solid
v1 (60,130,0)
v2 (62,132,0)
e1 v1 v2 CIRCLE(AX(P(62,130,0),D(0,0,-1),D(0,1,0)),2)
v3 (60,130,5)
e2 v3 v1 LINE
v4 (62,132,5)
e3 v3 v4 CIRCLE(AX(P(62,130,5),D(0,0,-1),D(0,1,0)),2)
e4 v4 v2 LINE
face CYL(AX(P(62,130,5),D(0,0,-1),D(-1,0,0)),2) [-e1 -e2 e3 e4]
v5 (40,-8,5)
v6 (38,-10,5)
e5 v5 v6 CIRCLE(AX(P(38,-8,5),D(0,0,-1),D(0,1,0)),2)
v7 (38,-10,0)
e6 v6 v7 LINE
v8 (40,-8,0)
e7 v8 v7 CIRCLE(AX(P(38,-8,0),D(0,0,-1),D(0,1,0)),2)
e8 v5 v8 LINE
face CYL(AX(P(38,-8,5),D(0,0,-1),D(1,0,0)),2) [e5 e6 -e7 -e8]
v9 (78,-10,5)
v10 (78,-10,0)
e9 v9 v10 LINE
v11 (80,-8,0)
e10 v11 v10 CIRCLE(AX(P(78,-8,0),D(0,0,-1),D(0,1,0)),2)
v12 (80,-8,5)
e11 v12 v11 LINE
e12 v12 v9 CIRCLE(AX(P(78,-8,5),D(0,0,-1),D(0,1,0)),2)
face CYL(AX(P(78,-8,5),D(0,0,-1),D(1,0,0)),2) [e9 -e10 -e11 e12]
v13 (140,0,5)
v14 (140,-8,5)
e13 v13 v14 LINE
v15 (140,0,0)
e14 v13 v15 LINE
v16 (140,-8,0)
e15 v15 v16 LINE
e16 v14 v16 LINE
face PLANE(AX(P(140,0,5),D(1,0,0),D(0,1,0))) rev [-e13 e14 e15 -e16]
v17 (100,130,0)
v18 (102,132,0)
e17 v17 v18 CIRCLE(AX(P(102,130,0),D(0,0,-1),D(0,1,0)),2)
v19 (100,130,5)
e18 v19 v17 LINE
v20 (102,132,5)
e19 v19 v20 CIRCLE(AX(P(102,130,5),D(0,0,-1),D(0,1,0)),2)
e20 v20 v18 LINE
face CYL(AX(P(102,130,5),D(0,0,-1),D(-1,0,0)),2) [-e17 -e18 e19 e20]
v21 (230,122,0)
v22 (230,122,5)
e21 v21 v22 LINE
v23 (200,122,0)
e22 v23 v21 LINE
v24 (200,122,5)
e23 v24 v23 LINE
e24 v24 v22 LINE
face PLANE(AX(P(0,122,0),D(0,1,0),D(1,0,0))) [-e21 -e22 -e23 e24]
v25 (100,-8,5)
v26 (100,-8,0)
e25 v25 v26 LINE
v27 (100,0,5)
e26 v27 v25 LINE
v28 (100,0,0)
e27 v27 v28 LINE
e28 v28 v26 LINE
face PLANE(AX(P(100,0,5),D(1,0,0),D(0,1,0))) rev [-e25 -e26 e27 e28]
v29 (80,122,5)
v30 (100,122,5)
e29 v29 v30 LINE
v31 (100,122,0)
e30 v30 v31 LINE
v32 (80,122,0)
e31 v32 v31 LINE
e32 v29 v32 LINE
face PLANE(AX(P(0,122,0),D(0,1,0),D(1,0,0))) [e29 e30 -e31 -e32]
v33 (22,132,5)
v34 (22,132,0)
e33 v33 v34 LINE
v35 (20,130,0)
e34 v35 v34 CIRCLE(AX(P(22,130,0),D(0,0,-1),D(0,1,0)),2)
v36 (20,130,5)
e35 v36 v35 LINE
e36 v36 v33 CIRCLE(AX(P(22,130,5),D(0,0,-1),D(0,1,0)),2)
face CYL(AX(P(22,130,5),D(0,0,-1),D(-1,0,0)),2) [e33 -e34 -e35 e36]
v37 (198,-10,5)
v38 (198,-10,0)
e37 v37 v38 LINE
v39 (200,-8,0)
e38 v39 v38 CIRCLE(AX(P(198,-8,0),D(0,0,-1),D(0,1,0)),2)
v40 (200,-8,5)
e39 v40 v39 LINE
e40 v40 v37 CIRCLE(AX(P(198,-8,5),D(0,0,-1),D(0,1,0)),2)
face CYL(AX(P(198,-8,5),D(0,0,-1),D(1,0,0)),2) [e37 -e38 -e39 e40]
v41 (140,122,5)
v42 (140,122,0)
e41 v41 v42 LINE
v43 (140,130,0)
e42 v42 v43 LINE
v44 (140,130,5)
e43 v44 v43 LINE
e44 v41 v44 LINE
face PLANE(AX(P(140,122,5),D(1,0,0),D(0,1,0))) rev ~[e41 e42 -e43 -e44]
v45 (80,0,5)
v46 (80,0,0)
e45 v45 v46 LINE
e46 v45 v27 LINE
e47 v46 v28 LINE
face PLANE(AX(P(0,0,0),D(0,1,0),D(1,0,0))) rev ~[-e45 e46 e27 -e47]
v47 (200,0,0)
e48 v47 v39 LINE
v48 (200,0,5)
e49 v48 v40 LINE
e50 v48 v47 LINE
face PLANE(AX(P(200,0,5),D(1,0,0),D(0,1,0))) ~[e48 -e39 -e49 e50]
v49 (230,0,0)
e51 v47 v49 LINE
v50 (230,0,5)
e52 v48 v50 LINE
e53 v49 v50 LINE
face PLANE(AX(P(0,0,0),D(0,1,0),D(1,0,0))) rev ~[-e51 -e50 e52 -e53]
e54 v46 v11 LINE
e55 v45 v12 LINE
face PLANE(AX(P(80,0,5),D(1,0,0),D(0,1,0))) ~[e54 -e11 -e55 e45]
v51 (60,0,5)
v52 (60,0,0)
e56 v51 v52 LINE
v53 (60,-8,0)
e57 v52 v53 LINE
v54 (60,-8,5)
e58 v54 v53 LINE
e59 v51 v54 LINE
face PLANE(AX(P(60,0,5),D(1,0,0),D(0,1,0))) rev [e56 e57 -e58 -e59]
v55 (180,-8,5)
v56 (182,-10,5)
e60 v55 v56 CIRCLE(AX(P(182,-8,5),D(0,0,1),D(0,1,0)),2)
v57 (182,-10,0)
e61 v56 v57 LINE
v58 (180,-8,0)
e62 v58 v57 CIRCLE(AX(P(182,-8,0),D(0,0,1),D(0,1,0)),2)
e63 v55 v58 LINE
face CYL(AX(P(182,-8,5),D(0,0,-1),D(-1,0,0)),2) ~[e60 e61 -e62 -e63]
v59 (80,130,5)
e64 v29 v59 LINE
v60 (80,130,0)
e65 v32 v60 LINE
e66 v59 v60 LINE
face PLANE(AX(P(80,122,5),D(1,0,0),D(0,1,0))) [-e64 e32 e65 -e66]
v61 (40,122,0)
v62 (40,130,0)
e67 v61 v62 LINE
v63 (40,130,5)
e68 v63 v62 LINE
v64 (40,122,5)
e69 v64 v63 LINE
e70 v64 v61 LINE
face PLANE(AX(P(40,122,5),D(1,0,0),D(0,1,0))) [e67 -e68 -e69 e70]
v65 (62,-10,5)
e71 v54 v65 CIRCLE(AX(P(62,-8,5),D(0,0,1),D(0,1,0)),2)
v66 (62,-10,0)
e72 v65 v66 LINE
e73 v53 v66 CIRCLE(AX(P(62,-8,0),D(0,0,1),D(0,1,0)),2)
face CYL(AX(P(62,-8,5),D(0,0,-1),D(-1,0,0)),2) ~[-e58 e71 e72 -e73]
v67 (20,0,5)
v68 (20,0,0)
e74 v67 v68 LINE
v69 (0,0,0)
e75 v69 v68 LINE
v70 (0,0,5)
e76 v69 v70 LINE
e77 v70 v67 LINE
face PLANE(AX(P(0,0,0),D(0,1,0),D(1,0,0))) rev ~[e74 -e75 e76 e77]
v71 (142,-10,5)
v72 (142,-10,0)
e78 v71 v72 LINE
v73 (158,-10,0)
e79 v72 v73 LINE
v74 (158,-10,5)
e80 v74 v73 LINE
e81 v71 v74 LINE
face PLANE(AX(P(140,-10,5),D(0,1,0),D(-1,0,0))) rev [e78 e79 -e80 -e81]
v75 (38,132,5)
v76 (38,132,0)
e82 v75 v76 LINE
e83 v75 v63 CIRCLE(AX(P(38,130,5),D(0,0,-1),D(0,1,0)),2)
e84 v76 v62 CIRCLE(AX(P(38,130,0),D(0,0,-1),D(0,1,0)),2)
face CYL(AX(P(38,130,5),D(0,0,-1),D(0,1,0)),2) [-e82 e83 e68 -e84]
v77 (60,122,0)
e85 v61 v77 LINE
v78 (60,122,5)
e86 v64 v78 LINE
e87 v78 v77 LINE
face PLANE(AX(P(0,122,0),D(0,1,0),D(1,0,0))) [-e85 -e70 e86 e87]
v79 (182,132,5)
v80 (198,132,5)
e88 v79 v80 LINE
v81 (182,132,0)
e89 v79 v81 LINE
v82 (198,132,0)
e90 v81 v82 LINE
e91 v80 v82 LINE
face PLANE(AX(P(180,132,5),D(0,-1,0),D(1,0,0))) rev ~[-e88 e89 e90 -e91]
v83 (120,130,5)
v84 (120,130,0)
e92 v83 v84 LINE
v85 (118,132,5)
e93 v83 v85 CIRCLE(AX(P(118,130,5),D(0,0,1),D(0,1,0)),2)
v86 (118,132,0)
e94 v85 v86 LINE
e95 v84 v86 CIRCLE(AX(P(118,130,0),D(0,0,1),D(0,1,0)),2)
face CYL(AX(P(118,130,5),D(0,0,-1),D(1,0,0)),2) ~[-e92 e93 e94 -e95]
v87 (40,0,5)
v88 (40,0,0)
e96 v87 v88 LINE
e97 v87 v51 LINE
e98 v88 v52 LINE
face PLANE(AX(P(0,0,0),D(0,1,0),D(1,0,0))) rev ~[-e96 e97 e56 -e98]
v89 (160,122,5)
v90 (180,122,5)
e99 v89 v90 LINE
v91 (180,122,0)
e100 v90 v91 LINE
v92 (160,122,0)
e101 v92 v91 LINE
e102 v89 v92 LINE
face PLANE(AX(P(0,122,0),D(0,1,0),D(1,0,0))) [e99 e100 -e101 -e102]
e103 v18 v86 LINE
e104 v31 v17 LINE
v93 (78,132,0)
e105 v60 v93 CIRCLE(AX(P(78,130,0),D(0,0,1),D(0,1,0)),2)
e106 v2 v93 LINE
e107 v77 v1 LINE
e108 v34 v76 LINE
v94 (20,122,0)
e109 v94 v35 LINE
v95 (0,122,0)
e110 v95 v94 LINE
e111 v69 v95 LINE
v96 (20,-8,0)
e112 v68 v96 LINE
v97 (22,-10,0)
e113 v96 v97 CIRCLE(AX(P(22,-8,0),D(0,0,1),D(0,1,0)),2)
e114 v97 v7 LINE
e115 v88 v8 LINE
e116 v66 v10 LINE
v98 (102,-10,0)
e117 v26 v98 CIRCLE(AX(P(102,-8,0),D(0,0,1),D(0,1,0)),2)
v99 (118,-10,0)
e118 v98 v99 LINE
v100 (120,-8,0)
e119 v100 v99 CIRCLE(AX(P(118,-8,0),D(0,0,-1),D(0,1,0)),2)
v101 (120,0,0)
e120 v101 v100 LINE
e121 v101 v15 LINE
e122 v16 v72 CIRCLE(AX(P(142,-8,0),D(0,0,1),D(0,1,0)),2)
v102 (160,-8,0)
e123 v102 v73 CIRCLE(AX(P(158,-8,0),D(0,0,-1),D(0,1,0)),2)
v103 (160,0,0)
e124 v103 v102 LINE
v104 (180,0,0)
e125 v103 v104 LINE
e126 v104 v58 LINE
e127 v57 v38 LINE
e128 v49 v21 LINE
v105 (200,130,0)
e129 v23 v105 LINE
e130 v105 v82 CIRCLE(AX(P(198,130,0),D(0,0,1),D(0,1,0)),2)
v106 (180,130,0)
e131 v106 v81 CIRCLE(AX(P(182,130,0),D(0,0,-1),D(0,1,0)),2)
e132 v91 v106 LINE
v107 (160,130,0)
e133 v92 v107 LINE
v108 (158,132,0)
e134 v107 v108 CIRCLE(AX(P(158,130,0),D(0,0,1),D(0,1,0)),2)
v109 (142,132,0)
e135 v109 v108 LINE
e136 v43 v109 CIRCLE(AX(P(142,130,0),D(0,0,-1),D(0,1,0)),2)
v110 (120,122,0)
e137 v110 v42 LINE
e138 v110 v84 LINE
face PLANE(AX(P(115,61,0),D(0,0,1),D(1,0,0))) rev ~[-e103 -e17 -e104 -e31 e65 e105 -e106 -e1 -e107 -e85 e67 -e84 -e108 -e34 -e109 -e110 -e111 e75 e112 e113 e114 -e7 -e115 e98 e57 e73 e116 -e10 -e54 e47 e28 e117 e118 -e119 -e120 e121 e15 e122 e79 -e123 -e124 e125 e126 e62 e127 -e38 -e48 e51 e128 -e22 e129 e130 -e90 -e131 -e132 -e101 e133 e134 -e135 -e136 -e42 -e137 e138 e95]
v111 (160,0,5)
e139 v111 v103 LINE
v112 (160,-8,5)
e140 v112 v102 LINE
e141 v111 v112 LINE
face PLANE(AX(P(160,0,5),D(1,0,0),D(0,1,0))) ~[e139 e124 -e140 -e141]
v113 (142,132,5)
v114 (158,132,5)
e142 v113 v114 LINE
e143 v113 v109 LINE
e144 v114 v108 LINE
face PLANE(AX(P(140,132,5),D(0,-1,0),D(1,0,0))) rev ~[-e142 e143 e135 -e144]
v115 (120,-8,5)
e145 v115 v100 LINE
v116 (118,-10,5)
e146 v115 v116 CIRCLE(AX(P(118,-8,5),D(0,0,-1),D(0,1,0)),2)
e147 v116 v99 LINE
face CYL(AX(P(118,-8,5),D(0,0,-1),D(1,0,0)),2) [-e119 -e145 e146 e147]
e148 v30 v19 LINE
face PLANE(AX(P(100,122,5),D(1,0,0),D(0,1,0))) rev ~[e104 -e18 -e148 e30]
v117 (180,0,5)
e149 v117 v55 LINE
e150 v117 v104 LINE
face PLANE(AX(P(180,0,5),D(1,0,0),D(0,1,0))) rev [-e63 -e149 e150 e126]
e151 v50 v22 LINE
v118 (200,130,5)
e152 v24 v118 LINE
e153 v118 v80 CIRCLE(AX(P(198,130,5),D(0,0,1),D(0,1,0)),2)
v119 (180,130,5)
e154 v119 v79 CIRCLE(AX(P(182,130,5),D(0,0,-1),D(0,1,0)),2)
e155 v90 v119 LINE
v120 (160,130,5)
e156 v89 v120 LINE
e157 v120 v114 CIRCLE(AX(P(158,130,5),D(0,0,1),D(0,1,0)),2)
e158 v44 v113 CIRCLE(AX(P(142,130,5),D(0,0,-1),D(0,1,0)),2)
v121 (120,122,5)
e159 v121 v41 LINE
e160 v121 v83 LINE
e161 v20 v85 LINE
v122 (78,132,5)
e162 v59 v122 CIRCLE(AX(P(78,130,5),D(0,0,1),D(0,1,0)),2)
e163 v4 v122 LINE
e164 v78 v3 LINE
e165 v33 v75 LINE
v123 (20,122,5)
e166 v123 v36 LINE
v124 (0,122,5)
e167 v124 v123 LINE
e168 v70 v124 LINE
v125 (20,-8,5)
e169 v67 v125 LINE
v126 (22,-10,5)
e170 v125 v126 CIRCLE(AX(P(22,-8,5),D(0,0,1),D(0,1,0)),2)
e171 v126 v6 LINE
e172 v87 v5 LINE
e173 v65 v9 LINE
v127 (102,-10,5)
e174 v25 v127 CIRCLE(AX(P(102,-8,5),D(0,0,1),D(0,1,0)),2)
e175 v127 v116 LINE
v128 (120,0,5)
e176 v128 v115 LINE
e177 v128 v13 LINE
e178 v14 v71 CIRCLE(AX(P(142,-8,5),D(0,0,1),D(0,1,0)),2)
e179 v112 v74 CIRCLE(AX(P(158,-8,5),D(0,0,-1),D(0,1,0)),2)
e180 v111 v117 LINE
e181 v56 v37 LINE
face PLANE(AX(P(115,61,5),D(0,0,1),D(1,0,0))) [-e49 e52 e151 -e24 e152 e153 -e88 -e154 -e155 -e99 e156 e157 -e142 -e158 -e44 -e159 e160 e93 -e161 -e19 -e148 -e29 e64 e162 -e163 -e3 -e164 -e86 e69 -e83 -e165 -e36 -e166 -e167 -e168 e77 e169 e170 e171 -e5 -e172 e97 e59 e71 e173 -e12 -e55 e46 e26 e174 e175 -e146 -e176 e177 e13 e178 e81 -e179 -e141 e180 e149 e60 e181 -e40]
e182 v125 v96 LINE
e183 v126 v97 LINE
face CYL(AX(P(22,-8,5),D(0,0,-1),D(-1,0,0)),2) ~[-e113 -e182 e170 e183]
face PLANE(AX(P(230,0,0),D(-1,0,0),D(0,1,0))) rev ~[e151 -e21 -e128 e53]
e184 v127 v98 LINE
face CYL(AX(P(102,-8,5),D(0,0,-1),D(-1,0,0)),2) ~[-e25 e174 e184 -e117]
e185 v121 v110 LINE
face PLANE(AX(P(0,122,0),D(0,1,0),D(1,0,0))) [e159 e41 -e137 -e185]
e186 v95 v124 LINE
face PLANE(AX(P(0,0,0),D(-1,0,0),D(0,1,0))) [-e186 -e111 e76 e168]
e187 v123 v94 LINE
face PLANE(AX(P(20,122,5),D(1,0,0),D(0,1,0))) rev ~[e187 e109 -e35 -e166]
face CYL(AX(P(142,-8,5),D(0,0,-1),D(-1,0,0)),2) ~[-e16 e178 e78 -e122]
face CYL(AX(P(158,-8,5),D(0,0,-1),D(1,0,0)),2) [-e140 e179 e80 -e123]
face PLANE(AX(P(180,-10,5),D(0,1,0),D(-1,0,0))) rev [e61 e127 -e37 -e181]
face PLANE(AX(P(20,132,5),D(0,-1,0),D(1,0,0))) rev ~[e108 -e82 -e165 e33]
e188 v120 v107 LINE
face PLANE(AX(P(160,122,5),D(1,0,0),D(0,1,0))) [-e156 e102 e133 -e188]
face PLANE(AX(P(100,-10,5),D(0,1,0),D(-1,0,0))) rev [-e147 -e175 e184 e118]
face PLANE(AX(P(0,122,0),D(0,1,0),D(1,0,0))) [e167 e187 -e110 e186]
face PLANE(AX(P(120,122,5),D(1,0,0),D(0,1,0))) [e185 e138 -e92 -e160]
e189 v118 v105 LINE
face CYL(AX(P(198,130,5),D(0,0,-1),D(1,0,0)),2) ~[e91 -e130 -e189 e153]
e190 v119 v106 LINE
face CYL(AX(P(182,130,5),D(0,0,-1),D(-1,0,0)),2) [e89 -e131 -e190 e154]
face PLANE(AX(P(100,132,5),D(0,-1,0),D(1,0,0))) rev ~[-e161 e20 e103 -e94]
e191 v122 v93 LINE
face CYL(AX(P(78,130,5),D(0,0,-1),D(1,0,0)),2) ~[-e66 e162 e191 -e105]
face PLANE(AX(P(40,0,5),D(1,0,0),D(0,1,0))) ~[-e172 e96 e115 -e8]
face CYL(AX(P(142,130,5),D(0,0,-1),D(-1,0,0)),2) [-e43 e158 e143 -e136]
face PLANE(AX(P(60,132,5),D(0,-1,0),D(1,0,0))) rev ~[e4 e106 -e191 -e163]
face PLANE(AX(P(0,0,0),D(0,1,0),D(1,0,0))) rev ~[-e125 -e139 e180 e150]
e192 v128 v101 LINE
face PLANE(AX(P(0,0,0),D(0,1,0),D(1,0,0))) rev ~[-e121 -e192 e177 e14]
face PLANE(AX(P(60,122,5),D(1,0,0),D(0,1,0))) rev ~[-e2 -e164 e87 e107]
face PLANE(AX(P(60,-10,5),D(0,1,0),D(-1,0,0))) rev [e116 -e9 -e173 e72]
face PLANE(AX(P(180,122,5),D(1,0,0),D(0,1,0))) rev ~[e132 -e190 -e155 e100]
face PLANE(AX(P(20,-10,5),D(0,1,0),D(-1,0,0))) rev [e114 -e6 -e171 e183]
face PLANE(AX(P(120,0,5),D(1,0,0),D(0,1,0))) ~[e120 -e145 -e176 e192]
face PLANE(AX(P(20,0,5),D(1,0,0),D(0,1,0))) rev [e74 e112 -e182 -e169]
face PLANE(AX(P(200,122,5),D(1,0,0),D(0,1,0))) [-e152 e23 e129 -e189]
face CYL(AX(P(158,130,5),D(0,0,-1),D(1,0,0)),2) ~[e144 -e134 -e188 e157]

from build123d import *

# Parameters (mm, degrees)
SKETCH1_W            = 230
SKETCH1_H            = 122
BOSS_EXTRUDE1_DEPTH  = 5
SKETCH2_W            = 20
SKETCH2_H            = 10
BOSS_EXTRUDE2_DEPTH  = 5
FILLET1_R            = 2
FILLET1_OF_MIRROR1_R = 2


with BuildPart() as part:
    # Sketch1 → Boss-Extrude1 (new body)
    with BuildSketch(Plane.XY):
        with Locations((115, 61)):
            Rectangle(SKETCH1_W, SKETCH1_H)
    extrude(amount=BOSS_EXTRUDE1_DEPTH)

    # Sketch2 → Boss-Extrude2 (add)
    with BuildSketch(Plane.XY.offset(5)):
        with Locations((30, 127)):
            Rectangle(SKETCH2_W, SKETCH2_H)
        with Locations((70, 127)):
            Rectangle(SKETCH2_W, SKETCH2_H)
        with Locations((110, 127)):
            Rectangle(SKETCH2_W, SKETCH2_H)
        with Locations((150, 127)):
            Rectangle(SKETCH2_W, SKETCH2_H)
        with Locations((190, 127)):
            Rectangle(SKETCH2_W, SKETCH2_H)
    boss_extrude2 = extrude(amount=-BOSS_EXTRUDE2_DEPTH)

    # Fillet1
    fillet1_edges = [part.edges().sort_by_distance(p)[0] for p in [
        (40, 132, 2.5),
        (20, 132, 2.5),
        (80, 132, 2.5),
        (60, 132, 2.5),
        (120, 132, 2.5),
        (100, 132, 2.5),
        (160, 132, 2.5),
        (140, 132, 2.5),
        (200, 132, 2.5),
        (180, 132, 2.5),
    ]]
    fillet(fillet1_edges, radius=FILLET1_R)

    # Mirror1: Boss-Extrude2 across plane
    add(boss_extrude2.mirror(Plane.ZX.offset(61)))

    # Fillet1 of Mirror1
    fillet1_of_mirror1_edges = [part.edges().sort_by_distance(p)[0] for p in [
        (40, -10, 2.5),
        (20, -10, 2.5),
        (80, -10, 2.5),
        (60, -10, 2.5),
        (120, -10, 2.5),
        (100, -10, 2.5),
        (160, -10, 2.5),
        (140, -10, 2.5),
        (200, -10, 2.5),
        (180, -10, 2.5),
    ]]
    fillet(fillet1_of_mirror1_edges, radius=FILLET1_OF_MIRROR1_R)


solid = part.part
